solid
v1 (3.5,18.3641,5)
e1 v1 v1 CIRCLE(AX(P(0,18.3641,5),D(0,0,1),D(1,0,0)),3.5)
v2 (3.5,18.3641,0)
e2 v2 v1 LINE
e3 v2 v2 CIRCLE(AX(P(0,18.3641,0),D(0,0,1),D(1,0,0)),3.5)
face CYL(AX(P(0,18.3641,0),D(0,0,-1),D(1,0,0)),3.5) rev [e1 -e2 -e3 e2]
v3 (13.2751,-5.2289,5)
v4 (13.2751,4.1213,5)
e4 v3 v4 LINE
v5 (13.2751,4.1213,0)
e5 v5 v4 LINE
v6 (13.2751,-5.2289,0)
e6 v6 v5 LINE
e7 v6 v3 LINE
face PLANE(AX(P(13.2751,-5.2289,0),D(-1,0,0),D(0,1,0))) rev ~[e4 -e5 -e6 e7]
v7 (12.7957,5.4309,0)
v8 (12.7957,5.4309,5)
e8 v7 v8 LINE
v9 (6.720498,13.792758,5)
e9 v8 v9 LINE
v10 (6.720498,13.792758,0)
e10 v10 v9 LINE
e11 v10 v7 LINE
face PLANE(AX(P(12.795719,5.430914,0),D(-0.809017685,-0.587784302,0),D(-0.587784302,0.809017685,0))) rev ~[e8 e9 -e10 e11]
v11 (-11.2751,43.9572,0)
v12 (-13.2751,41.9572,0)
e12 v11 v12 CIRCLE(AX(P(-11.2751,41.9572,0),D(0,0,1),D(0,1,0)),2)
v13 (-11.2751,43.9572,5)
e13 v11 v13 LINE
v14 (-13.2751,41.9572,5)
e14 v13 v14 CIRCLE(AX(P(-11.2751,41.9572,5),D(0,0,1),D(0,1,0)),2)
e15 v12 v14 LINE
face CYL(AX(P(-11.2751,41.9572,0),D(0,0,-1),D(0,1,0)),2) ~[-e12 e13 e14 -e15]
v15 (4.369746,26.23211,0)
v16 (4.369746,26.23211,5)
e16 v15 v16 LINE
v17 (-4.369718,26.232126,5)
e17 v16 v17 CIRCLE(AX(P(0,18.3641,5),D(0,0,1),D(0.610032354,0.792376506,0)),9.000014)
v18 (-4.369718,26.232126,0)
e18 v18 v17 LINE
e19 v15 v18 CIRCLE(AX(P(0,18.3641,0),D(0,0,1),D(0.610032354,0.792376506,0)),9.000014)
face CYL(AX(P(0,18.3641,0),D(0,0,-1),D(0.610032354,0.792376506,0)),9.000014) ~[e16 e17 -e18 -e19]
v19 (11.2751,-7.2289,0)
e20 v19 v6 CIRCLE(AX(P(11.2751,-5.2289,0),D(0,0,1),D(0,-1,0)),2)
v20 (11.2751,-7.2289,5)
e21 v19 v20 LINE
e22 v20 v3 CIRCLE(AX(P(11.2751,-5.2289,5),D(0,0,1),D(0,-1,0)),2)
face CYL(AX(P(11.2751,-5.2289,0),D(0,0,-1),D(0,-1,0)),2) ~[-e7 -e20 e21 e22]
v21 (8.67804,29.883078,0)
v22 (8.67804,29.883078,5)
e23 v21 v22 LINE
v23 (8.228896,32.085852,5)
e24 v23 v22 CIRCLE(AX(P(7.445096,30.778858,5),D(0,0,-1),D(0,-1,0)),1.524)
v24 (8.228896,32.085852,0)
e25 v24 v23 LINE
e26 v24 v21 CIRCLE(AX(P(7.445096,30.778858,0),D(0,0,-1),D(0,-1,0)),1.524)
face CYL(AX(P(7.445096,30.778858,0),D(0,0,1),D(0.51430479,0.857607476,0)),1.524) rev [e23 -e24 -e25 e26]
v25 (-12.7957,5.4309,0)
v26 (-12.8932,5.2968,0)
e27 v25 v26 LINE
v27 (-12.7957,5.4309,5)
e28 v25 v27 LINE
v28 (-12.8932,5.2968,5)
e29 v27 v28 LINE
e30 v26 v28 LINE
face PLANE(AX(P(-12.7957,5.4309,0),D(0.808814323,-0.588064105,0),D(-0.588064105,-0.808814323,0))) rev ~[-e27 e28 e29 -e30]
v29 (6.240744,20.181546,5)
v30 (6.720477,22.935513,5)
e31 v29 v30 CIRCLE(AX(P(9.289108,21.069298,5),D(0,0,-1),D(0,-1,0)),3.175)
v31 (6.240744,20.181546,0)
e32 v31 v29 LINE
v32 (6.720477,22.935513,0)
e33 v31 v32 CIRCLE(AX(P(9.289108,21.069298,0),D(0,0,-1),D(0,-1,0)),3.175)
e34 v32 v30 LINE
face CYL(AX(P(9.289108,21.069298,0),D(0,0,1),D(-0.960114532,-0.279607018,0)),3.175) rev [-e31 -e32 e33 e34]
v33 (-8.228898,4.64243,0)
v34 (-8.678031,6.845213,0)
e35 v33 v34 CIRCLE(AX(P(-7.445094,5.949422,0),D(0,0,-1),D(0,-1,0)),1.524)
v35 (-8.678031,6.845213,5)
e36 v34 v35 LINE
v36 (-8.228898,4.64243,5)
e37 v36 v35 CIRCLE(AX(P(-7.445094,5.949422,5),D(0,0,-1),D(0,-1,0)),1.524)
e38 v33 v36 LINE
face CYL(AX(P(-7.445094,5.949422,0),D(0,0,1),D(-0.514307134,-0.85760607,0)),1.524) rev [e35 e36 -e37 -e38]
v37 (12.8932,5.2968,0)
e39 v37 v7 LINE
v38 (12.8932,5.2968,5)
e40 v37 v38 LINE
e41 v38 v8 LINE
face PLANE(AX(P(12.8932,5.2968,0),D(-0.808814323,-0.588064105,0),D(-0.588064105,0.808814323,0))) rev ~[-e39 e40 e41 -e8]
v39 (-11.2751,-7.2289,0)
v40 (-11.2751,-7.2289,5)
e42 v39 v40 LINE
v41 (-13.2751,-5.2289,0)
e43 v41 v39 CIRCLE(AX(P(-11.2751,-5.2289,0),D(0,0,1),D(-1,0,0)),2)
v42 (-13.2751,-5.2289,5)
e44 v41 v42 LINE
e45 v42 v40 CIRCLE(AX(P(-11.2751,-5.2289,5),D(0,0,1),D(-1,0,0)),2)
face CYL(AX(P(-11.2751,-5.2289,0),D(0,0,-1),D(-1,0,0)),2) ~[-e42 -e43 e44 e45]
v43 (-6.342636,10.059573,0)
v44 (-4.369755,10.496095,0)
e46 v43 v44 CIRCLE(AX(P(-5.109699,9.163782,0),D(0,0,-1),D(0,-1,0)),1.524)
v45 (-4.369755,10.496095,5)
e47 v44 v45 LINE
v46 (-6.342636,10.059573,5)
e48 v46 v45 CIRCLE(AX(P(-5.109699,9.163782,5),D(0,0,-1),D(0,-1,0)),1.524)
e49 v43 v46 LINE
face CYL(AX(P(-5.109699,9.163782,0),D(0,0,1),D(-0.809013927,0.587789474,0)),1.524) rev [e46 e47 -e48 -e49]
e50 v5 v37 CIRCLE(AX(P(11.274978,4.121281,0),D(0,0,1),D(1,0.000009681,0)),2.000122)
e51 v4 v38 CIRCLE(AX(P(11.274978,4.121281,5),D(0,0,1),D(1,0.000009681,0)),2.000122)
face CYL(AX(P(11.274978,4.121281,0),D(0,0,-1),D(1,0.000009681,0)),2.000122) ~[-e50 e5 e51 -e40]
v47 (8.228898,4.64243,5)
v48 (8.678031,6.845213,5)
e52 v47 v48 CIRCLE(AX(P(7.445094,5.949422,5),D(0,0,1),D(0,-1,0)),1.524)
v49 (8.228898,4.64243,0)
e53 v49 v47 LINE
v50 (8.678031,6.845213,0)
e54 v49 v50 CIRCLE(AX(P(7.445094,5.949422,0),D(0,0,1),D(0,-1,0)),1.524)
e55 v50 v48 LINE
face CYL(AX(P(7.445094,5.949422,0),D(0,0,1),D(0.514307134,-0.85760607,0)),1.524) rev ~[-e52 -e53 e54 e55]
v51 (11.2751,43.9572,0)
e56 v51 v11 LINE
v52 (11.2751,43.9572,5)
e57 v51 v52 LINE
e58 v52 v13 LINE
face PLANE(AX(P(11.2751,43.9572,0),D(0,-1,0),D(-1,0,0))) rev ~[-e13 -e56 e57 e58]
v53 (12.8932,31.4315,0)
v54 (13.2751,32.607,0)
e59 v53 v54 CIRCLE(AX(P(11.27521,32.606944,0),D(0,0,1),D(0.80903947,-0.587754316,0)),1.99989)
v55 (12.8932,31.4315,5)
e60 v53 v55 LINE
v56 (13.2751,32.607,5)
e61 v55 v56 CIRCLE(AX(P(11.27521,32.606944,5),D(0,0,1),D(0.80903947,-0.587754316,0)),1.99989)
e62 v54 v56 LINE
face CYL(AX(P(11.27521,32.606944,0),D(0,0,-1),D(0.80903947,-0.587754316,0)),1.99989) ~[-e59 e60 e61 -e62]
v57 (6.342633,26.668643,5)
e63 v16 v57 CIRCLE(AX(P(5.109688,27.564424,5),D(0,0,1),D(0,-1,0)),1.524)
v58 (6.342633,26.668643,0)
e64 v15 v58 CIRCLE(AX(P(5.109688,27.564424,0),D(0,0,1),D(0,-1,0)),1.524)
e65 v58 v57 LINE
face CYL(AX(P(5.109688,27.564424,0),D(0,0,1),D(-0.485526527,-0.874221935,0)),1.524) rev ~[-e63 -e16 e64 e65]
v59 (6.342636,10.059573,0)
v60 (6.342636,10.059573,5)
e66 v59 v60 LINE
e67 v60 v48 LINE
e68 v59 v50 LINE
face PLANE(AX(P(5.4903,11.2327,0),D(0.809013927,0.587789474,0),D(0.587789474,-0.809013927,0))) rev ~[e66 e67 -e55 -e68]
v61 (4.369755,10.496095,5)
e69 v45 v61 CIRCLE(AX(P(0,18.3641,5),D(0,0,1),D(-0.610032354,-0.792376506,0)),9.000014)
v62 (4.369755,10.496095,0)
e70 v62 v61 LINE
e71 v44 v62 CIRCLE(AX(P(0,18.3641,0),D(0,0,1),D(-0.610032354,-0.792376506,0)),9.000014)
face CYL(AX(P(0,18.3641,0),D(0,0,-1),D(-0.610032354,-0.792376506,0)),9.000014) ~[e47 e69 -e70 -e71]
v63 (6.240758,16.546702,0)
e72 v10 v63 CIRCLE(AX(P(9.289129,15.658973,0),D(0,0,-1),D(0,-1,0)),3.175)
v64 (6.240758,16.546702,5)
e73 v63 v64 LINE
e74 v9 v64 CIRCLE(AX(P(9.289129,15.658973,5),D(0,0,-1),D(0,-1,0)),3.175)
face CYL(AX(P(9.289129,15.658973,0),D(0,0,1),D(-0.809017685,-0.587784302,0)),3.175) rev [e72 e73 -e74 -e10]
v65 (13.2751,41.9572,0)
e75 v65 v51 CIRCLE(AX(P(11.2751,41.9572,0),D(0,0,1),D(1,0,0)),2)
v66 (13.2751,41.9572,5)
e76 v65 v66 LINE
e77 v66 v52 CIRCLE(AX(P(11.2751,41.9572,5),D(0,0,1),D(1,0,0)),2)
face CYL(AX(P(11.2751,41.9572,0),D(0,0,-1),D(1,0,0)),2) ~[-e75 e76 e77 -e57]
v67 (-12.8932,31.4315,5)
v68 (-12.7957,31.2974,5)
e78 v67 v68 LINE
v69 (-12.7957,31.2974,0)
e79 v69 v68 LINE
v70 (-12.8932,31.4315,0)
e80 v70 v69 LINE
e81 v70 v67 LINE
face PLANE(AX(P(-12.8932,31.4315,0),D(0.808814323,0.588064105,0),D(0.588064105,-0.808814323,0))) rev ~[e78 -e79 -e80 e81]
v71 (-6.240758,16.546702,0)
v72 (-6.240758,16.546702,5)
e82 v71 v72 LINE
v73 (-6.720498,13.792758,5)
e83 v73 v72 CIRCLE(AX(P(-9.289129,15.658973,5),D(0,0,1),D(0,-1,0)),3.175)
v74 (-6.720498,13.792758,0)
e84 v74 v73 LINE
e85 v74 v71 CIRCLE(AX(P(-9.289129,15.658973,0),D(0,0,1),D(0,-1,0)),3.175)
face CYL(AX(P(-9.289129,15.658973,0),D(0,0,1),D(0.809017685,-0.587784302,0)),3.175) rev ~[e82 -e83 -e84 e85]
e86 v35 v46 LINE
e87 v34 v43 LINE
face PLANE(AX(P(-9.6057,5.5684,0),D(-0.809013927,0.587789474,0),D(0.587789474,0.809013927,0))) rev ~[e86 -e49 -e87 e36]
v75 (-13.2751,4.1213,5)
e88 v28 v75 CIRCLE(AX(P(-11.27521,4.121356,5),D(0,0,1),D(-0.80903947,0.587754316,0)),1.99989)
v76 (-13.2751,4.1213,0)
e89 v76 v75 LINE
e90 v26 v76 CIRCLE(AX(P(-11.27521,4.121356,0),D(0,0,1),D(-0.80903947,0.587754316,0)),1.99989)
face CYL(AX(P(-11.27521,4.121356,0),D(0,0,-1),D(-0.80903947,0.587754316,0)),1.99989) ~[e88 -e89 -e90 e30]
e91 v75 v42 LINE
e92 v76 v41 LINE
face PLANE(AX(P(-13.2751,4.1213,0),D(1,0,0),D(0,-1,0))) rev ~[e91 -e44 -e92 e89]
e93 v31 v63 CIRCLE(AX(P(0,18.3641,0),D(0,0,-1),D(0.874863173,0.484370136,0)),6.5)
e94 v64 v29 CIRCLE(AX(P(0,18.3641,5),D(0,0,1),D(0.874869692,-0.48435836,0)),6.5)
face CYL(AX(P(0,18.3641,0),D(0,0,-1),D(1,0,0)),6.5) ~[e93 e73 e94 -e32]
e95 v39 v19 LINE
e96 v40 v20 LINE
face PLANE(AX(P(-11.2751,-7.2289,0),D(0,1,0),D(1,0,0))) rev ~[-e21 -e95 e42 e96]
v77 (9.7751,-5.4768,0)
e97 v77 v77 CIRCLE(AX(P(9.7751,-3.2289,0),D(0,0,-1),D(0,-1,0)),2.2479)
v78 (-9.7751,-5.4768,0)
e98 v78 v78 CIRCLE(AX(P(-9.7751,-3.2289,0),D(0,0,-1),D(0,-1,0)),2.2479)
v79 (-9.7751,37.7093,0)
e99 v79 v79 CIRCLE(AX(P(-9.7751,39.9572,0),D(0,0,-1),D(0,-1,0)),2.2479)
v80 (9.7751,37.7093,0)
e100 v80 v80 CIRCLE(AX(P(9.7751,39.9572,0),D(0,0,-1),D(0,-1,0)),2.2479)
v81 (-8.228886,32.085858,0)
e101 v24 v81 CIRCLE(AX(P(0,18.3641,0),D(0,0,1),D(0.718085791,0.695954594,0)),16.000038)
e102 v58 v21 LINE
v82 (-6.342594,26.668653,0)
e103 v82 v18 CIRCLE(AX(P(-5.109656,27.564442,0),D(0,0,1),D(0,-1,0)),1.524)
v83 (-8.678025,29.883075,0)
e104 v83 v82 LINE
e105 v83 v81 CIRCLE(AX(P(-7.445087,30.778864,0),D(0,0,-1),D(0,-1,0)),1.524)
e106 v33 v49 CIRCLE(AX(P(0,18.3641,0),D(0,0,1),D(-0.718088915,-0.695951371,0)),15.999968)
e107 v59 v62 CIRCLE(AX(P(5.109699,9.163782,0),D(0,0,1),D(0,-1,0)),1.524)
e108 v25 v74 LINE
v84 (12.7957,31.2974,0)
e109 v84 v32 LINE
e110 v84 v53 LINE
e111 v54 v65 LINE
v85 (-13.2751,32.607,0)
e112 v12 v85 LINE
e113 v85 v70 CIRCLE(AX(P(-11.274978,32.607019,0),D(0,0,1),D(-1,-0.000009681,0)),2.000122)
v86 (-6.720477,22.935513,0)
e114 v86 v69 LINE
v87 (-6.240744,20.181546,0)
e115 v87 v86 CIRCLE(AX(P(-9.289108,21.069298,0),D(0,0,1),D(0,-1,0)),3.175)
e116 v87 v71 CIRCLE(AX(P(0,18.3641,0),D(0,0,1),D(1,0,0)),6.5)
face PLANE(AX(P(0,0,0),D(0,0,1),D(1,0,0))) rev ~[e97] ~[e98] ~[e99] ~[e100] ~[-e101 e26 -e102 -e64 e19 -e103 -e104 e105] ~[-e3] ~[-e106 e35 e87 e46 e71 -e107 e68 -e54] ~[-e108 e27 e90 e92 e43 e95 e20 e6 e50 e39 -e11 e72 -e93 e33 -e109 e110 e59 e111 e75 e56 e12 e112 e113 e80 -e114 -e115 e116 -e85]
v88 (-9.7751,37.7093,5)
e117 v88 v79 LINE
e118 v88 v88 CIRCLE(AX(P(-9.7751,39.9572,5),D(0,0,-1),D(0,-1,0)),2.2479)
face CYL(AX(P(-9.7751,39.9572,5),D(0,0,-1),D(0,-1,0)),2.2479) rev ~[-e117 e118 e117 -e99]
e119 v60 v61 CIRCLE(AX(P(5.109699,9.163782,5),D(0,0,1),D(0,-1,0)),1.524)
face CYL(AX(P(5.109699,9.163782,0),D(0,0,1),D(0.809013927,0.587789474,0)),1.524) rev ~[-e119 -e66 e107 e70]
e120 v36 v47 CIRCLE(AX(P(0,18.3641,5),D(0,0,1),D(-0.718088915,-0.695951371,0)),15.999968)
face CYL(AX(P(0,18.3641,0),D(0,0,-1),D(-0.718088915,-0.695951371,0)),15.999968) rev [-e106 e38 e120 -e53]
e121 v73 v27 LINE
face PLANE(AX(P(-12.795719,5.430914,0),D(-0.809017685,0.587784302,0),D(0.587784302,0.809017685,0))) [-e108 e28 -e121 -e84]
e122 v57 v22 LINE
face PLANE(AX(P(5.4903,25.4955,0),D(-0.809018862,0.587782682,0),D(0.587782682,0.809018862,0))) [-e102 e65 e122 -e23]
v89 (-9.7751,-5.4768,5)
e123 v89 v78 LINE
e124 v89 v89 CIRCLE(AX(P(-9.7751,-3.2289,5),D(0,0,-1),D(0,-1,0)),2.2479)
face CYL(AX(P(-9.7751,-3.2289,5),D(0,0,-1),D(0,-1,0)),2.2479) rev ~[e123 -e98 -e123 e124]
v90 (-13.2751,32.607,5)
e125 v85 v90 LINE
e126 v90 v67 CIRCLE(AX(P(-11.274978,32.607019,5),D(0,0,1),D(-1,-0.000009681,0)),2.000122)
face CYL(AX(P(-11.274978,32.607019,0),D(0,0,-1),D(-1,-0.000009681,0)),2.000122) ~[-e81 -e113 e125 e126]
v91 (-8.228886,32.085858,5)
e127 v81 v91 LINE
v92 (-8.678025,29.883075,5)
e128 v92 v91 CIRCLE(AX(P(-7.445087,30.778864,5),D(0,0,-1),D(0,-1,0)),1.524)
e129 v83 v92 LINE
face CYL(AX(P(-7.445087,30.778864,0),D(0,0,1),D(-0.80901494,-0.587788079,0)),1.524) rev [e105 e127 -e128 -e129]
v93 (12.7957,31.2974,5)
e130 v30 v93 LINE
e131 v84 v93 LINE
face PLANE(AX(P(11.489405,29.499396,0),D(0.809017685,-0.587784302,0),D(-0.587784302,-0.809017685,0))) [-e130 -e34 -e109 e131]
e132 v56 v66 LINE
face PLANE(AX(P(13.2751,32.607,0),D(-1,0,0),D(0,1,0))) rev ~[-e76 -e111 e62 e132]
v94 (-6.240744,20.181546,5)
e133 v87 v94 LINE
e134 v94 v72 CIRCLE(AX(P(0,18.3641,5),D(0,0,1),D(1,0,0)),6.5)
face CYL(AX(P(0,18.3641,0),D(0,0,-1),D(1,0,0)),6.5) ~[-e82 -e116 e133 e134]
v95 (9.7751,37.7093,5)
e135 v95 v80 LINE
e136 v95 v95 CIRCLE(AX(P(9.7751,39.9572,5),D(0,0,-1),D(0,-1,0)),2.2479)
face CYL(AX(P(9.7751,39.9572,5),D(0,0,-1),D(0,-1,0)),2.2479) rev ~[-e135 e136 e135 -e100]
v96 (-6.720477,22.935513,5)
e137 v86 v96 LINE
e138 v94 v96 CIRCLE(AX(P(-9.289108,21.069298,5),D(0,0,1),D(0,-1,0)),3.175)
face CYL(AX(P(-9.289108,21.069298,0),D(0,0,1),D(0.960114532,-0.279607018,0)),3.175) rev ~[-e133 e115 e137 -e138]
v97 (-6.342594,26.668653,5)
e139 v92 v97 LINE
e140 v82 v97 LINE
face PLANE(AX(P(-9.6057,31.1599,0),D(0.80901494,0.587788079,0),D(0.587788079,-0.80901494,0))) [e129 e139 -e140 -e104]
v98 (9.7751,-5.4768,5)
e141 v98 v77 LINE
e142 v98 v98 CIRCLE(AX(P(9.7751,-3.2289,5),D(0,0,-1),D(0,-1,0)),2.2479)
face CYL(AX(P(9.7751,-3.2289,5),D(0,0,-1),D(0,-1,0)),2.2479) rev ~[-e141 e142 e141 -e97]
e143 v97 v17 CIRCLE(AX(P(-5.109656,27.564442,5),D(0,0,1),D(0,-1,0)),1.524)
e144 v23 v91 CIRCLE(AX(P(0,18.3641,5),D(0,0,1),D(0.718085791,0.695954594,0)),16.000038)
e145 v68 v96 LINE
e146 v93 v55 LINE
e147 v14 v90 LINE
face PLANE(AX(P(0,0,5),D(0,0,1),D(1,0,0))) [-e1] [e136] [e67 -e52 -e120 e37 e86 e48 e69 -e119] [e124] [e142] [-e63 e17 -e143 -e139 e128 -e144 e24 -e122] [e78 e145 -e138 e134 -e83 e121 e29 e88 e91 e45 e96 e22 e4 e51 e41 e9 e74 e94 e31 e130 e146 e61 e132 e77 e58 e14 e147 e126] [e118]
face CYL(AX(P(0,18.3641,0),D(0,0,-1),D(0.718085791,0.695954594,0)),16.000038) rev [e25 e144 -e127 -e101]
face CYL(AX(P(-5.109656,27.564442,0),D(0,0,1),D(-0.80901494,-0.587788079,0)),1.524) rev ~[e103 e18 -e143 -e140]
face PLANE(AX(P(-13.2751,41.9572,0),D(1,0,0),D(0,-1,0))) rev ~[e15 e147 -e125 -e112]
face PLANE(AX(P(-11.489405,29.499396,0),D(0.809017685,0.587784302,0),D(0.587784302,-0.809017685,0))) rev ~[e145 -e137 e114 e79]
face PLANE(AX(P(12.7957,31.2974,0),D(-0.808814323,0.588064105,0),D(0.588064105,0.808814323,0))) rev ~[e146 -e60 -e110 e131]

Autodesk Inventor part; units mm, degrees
ref_plane "YZ Plane" through (0, 0, 0) normal (1, 0, 0) x (0, 1, 0)
ref_plane "XZ Plane" through (0, 0, 0) normal (0, 1, 0) x (-1, 0, 0)
ref_plane "XY Plane" through (0, 0, 0) normal (0, 0, 1) x (1, 0, 0)
sketch "Sketch1" plane through (0, 0, 0) normal (0, 0, 1) x (1, 0, 0)
  circle A0 centre (9.7751, -3.2289) radius 1.621 projected
  circle A1 centre (-9.7751, -3.2289) radius 1.621 projected
  line L0 (-11.2751, -7.2289) -> (11.2751, -7.2289) projected
  line L1 (13.2751, -5.2289) -> (13.2751, 4.1213) projected
  line L2 (12.8932, 5.2968) -> (12.7957, 5.4309) projected
  line L3 (-12.7957, 5.4309) -> (-12.8932, 5.2968) projected
  line L4 (-13.2751, 4.1213) -> (-13.2751, -5.2289) projected
  circle A2 centre (-9.7751, 39.9572) radius 1.621 projected
  circle A3 centre (9.7751, 39.9572) radius 1.621 projected
  line L5 (11.2751, 43.9572) -> (-11.2751, 43.9572) projected
  line L6 (-13.2751, 41.9572) -> (-13.2751, 32.607) projected
  line L7 (-12.8932, 31.4315) -> (-12.7957, 31.2974) projected
  line L8 (12.7957, 31.2974) -> (12.8932, 31.4315) projected
  line L9 (13.2751, 32.607) -> (13.2751, 41.9572) projected
  line L10 (13.2751, -7.2289) -> (-13.2751, -7.2289)
  line L11 (-13.2751, -7.2289) -> (-13.2751, 43.9572)
  line L12 (-13.2751, 43.9572) -> (13.2751, 43.9572)
  line L13 (13.2751, 43.9572) -> (13.2751, -7.2289)
  circle A4 centre (0, 18.3641) radius 3.5
  circle A5 centre (0, 18.3641) radius 6.5
  line L14 (13.2751, 31.9572) -> (5.6866, 21.5125)
  line L15 (13.2751, 4.7711) -> (5.6866, 15.2158)
  line L16 (-13.2751, 4.7711) -> (-5.6866, 15.2158)
  line L17 (-13.2751, 31.9572) -> (-5.6866, 21.5125)
  arc A6 (-11.4894, 7.2289) -> (11.4894, 7.2289) centre (0, 18.3641) ccw
  arc A7 (11.4894, 29.4994) -> (-11.4894, 29.4994) centre (0, 18.3641) ccw
  line L18 (5.6866, 15.2158) -> (11.4894, 7.2289)
  line L19 (-5.6866, 15.2158) -> (-11.4894, 7.2289)
  arc A8 (-5.6866, 15.2158) -> (5.6866, 15.2158) centre (0, 18.3641) ccw
  line L20 (5.4903, 11.2327) -> (9.6057, 5.5684)
  arc A9 (-5.4903, 11.2327) -> (5.4903, 11.2327) centre (0, 18.3641) ccw
  line L21 (-9.6057, 5.5684) -> (-5.4903, 11.2327)
  line L22 (0, 18.3641) -> (-13.2751, 18.3641) construction
  circle A10 centre (0, 18.3641) radius 6.5 construction
  arc A11 (5.6866, 21.5125) -> (-5.6866, 21.5125) centre (0, 18.3641) ccw
  line L23 (5.4903, 25.4955) -> (9.6057, 31.1599)
  arc A12 (5.4903, 25.4955) -> (-5.4903, 25.4955) centre (0, 18.3641) ccw
  line L24 (-9.6057, 31.1599) -> (-4.02, 23.4719)
  arc A13 (-13.2751, 32.607) -> (-12.8932, 31.4315) centre (-11.2751, 32.607) ccw projected
  arc A14 (-12.7957, 31.2974) -> (-12.6739, 31.1458) centre (-11.1777, 32.473) ccw projected
  arc A15 (12.6739, 31.1458) -> (-12.6739, 31.1458) centre (0, 18.3641) ccw projected
  arc A16 (12.6739, 31.1458) -> (12.7957, 31.2974) centre (11.1777, 32.473) ccw projected
  arc A17 (12.8932, 31.4315) -> (13.2751, 32.607) centre (11.2751, 32.607) ccw projected
  arc A18 (13.2751, 41.9572) -> (11.2751, 43.9572) centre (11.2751, 41.9572) ccw projected
  arc A19 (-11.2751, 43.9572) -> (-13.2751, 41.9572) centre (-11.2751, 41.9572) ccw projected
  arc A20 (13.2751, 4.1213) -> (12.8932, 5.2968) centre (11.2751, 4.1213) ccw projected
  arc A21 (12.7957, 5.4309) -> (12.6739, 5.5825) centre (11.1777, 4.2553) ccw projected
  arc A22 (-12.6739, 5.5825) -> (12.6739, 5.5825) centre (0, 18.3641) ccw projected
  arc A23 (-12.6739, 5.5825) -> (-12.7957, 5.4309) centre (-11.1777, 4.2553) ccw projected
  arc A24 (-12.8932, 5.2968) -> (-13.2751, 4.1213) centre (-11.2751, 4.1213) ccw projected
  arc A25 (-13.2751, -5.2289) -> (-11.2751, -7.2289) centre (-11.2751, -5.2289) ccw projected
  arc A26 (11.2751, -7.2289) -> (13.2751, -5.2289) centre (11.2751, -5.2289) ccw projected
  point P0 (0, 0)
  point P1 (8.136, 7.5912)
  point P2 (-8.136, 7.5912)
  point P3 (8.136, 29.1371)
  point P4 (-8.136, 29.1371)
  dimension "d0" = 7
  dimension "d1" = 13
  dimension "d4" = 2.5
  dimension "d5" = 2.5
  dimension "d6" = 2.5
extrude "Extrusion1" add sketch "Sketch1" along normal blind 5 contours A25 L4 A24 L3 A23 A22 A21 L2 A20 L1 A26 L0 | L16 A6 L15 A21 A22 A23 | L6 A19 L5 A18 L9 A17 L8 A16 A15 A14 L7 A13 | L16 A5 L15 A6 L20 A9 L21 | A14 A15 A16 L14 A7 L17 | A5 | A7 L24 A5 L17 | L14 A5 L24 A12 L23 A7
fillet "Fillet1" radius 3.175 4 edges at (5.6866, 15.2158, 2.5) (5.6866, 21.5125, 2.5) (-5.6866, 15.2158, 2.5) (-5.6866, 21.5125, 2.5)
sketch "Sketch2" plane through (0, 0, 5) normal (0, 0, 1) x (1, 0, 0)
  circle A0 centre (9.7751, -3.2289) radius 1.621 projected
  circle A1 centre (-9.7751, -3.2289) radius 1.621 projected
  circle A2 centre (9.7751, 39.9572) radius 1.621 projected
  circle A3 centre (-9.7751, 39.9572) radius 1.621 projected
  circle A4 centre (9.7751, -3.2289) radius 1.621 projected
  circle A5 centre (-9.7751, -3.2289) radius 1.621 projected
  point P0 (0, 0)
hole "Hole1" at (9.7751, -3.2289, 5) at (-9.7751, -3.2289, 5) at (-9.7751, 39.9572, 5) at (9.7751, 39.9572, 5) direction (0, 0, -1) diameter 4.4958 end through all clearance for "Flat Head Machine Screw" size "M4" standard "Ansi Metric M Profile"
fillet "Fillet2" radius 1.524 8 edges at (-9.6057, 31.1599, 2.5) (-5.4903, 25.4955, 2.5) (5.4903, 25.4955, 2.5) (9.6057, 31.1599, 2.5) (-9.6057, 5.5684, 2.5) (-5.4903, 11.2327, 2.5) (5.4903, 11.2327, 2.5) (9.6057, 5.5684, 2.5)
properties part number "2104_Tx_CoilBackPlate_V1"
